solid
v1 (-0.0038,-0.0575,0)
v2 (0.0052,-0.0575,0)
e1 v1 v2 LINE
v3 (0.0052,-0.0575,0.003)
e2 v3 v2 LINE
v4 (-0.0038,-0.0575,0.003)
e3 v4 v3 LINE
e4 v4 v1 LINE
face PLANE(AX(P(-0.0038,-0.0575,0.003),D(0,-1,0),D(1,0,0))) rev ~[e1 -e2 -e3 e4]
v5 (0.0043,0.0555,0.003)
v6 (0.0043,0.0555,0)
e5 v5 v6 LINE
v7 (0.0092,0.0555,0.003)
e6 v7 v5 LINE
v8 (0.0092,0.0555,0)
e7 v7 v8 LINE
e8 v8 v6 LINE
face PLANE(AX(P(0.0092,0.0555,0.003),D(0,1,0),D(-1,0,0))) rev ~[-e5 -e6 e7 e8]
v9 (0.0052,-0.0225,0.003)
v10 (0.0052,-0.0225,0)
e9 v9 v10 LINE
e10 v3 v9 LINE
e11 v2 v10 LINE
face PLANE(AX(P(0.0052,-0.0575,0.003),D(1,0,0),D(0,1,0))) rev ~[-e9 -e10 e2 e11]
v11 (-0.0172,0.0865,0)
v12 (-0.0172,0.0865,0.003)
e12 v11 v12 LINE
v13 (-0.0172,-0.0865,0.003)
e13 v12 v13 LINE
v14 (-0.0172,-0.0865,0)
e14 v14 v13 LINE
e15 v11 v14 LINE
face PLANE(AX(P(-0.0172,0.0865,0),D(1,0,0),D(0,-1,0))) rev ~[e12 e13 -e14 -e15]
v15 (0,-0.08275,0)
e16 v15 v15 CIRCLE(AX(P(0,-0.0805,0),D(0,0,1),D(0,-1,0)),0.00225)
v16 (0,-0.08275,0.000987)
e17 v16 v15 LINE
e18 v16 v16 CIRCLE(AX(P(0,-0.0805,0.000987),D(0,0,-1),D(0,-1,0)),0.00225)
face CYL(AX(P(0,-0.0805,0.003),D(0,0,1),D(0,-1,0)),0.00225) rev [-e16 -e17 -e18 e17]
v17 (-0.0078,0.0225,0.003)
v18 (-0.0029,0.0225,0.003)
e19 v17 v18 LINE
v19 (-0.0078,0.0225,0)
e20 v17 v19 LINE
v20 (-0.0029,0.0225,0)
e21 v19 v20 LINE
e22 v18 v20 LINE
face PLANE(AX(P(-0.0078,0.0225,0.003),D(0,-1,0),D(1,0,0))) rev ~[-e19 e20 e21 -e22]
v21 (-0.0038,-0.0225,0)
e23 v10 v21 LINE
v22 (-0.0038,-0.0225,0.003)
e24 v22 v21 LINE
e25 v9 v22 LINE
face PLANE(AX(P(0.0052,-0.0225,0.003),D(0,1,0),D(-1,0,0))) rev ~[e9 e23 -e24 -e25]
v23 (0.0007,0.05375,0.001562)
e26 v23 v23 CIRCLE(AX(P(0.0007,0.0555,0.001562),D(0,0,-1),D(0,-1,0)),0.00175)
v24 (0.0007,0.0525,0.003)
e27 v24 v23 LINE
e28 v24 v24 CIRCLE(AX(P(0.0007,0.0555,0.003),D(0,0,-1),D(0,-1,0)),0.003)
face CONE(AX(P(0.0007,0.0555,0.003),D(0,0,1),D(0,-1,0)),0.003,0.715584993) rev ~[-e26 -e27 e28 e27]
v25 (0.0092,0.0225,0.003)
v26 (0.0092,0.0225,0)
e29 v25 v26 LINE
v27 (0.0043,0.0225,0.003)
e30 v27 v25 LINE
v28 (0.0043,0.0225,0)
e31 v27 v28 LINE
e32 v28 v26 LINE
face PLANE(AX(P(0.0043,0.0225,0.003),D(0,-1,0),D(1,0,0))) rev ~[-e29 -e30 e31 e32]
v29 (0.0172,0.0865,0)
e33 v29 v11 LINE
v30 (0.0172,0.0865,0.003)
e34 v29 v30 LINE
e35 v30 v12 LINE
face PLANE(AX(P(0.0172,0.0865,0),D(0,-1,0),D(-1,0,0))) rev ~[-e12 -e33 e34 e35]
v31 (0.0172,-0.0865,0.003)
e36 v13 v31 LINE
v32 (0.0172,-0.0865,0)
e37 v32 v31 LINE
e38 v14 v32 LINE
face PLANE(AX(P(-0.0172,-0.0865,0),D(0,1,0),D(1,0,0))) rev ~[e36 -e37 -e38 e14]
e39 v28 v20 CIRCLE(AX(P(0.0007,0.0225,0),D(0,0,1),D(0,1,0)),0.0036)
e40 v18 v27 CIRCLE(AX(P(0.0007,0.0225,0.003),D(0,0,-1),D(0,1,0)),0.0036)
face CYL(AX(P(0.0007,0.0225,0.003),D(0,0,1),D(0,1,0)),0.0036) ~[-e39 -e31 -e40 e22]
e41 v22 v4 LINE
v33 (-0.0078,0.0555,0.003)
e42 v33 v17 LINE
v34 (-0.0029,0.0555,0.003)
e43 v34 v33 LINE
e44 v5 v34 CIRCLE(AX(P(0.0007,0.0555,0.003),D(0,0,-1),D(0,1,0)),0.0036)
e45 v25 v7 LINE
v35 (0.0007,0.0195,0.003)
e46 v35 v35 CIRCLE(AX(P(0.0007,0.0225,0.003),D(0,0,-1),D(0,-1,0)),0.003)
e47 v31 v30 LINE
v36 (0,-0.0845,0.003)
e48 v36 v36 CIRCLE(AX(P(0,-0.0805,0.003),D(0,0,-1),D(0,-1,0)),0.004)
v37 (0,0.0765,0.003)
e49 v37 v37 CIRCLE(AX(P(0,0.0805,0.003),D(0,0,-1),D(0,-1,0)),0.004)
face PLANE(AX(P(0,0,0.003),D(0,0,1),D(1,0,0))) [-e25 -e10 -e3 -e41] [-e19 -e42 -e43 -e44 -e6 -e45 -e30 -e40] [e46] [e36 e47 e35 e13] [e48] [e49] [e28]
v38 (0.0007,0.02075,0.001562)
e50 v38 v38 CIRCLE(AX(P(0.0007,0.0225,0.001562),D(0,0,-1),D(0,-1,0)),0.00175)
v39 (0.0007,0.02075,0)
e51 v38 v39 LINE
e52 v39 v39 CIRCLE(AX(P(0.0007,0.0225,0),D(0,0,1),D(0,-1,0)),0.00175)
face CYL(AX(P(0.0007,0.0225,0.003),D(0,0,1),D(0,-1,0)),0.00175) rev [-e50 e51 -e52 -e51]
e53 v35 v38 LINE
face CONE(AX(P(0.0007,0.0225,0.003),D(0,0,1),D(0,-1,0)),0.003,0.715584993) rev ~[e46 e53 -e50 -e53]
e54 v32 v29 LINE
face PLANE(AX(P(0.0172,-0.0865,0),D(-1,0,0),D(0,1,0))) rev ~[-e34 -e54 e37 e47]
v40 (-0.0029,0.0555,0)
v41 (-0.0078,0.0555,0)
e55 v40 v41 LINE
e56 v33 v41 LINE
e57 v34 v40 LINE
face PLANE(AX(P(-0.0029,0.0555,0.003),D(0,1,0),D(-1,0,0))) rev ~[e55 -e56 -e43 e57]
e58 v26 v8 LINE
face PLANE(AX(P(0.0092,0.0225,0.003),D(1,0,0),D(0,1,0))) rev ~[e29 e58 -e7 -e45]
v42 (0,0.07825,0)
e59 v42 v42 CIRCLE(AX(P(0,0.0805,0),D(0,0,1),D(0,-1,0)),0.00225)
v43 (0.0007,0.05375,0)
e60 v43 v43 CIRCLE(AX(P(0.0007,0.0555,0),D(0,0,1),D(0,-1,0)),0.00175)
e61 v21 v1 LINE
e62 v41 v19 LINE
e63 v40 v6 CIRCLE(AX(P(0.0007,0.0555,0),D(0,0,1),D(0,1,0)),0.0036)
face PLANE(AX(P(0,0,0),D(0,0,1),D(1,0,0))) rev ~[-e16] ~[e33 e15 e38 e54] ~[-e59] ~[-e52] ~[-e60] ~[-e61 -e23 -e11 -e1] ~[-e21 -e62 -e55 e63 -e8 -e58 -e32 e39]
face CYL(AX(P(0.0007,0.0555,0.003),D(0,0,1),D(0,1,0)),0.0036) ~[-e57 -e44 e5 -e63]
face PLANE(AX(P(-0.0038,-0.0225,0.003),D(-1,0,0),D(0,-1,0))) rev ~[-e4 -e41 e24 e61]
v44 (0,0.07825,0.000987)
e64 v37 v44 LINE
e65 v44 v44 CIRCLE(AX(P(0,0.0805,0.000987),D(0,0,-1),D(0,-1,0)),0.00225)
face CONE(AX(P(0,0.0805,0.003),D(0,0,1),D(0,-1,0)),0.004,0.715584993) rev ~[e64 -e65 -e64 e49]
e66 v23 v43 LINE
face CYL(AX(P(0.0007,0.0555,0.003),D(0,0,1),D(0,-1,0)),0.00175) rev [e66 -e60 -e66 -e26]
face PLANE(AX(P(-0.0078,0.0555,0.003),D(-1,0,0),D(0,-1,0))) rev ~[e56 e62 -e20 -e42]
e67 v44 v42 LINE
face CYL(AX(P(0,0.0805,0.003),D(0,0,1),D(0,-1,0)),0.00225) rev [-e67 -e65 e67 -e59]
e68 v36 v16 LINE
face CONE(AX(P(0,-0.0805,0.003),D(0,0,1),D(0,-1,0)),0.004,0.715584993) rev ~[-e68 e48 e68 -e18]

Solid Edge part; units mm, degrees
sketch "Sketch1" plane through (0, 0, 0) normal (0, 0, 1) x (1, 0, 0)
  line L0 (-0.0172, -0.0865) -> (0.0172, -0.0865)
  line L1 (0.0172, -0.0865) -> (0.0172, 0.0865)
  line L2 (0.0172, 0.0865) -> (-0.0172, 0.0865)
  line L3 (-0.0172, 0.0865) -> (-0.0172, -0.0865)
  dimension "D1" = 0.0344
  dimension "D2" = 0.173
extrude "Protrusion1" add sketch "Sketch1" along normal blind 0.003
sketch "Sketch2" plane through (0, 0, 0.003) normal (0, 0, 1) x (0, 1, 0)
  line L0 (0.0225, -0.0092) -> (0.0555, -0.0092)
  line L1 (0.0555, -0.0092) -> (0.0555, -0.0043)
  line L2 (0.0555, 0.0029) -> (0.0555, 0.0078)
  line L3 (0.0555, 0.0078) -> (0.0225, 0.0078)
  line L4 (0.0225, 0.0078) -> (0.0225, 0.0029)
  line L5 (0.0225, -0.0043) -> (0.0225, -0.0092)
  arc A0 (0.0225, 0.0029) -> (0.0225, -0.0043) centre (0.0225, -0.0007) cw
  arc A1 (0.0555, -0.0043) -> (0.0555, 0.0029) centre (0.0555, -0.0007) cw
  line L6 (-0.0575, -0.0052) -> (-0.0225, -0.0052)
  line L7 (-0.0225, -0.0052) -> (-0.0225, 0.0038)
  line L8 (-0.0225, 0.0038) -> (-0.0575, 0.0038)
  line L9 (-0.0575, 0.0038) -> (-0.0575, -0.0052)
  dimension "D1" = 0.0575
  dimension "D2" = 0.0555
  dimension "D3" = 0.0225
extrude "Cutout1" cut sketch "Sketch2" against normal through all
hole "Bohrung_1" at (0, 0.0805, 0.003) direction (0, 0, -1) diameter 0.0045 end through all countersink diameter 0.008 countersink angle 82
hole "Hole1" at (0, -0.0805, 0.003) direction (0, 0, -1) diameter 0.0045 end through all countersink diameter 0.008 countersink angle 82
hole "Bohrung_3" at (0.0007, 0.0225, 0.003) direction (0, 0, -1) diameter 0.0035 end through all countersink diameter 0.006 countersink angle 82
hole "Hole2" at (0.0007, 0.0555, 0.003) direction (0, 0, -1) diameter 0.0035 end through all countersink diameter 0.006 countersink angle 82
